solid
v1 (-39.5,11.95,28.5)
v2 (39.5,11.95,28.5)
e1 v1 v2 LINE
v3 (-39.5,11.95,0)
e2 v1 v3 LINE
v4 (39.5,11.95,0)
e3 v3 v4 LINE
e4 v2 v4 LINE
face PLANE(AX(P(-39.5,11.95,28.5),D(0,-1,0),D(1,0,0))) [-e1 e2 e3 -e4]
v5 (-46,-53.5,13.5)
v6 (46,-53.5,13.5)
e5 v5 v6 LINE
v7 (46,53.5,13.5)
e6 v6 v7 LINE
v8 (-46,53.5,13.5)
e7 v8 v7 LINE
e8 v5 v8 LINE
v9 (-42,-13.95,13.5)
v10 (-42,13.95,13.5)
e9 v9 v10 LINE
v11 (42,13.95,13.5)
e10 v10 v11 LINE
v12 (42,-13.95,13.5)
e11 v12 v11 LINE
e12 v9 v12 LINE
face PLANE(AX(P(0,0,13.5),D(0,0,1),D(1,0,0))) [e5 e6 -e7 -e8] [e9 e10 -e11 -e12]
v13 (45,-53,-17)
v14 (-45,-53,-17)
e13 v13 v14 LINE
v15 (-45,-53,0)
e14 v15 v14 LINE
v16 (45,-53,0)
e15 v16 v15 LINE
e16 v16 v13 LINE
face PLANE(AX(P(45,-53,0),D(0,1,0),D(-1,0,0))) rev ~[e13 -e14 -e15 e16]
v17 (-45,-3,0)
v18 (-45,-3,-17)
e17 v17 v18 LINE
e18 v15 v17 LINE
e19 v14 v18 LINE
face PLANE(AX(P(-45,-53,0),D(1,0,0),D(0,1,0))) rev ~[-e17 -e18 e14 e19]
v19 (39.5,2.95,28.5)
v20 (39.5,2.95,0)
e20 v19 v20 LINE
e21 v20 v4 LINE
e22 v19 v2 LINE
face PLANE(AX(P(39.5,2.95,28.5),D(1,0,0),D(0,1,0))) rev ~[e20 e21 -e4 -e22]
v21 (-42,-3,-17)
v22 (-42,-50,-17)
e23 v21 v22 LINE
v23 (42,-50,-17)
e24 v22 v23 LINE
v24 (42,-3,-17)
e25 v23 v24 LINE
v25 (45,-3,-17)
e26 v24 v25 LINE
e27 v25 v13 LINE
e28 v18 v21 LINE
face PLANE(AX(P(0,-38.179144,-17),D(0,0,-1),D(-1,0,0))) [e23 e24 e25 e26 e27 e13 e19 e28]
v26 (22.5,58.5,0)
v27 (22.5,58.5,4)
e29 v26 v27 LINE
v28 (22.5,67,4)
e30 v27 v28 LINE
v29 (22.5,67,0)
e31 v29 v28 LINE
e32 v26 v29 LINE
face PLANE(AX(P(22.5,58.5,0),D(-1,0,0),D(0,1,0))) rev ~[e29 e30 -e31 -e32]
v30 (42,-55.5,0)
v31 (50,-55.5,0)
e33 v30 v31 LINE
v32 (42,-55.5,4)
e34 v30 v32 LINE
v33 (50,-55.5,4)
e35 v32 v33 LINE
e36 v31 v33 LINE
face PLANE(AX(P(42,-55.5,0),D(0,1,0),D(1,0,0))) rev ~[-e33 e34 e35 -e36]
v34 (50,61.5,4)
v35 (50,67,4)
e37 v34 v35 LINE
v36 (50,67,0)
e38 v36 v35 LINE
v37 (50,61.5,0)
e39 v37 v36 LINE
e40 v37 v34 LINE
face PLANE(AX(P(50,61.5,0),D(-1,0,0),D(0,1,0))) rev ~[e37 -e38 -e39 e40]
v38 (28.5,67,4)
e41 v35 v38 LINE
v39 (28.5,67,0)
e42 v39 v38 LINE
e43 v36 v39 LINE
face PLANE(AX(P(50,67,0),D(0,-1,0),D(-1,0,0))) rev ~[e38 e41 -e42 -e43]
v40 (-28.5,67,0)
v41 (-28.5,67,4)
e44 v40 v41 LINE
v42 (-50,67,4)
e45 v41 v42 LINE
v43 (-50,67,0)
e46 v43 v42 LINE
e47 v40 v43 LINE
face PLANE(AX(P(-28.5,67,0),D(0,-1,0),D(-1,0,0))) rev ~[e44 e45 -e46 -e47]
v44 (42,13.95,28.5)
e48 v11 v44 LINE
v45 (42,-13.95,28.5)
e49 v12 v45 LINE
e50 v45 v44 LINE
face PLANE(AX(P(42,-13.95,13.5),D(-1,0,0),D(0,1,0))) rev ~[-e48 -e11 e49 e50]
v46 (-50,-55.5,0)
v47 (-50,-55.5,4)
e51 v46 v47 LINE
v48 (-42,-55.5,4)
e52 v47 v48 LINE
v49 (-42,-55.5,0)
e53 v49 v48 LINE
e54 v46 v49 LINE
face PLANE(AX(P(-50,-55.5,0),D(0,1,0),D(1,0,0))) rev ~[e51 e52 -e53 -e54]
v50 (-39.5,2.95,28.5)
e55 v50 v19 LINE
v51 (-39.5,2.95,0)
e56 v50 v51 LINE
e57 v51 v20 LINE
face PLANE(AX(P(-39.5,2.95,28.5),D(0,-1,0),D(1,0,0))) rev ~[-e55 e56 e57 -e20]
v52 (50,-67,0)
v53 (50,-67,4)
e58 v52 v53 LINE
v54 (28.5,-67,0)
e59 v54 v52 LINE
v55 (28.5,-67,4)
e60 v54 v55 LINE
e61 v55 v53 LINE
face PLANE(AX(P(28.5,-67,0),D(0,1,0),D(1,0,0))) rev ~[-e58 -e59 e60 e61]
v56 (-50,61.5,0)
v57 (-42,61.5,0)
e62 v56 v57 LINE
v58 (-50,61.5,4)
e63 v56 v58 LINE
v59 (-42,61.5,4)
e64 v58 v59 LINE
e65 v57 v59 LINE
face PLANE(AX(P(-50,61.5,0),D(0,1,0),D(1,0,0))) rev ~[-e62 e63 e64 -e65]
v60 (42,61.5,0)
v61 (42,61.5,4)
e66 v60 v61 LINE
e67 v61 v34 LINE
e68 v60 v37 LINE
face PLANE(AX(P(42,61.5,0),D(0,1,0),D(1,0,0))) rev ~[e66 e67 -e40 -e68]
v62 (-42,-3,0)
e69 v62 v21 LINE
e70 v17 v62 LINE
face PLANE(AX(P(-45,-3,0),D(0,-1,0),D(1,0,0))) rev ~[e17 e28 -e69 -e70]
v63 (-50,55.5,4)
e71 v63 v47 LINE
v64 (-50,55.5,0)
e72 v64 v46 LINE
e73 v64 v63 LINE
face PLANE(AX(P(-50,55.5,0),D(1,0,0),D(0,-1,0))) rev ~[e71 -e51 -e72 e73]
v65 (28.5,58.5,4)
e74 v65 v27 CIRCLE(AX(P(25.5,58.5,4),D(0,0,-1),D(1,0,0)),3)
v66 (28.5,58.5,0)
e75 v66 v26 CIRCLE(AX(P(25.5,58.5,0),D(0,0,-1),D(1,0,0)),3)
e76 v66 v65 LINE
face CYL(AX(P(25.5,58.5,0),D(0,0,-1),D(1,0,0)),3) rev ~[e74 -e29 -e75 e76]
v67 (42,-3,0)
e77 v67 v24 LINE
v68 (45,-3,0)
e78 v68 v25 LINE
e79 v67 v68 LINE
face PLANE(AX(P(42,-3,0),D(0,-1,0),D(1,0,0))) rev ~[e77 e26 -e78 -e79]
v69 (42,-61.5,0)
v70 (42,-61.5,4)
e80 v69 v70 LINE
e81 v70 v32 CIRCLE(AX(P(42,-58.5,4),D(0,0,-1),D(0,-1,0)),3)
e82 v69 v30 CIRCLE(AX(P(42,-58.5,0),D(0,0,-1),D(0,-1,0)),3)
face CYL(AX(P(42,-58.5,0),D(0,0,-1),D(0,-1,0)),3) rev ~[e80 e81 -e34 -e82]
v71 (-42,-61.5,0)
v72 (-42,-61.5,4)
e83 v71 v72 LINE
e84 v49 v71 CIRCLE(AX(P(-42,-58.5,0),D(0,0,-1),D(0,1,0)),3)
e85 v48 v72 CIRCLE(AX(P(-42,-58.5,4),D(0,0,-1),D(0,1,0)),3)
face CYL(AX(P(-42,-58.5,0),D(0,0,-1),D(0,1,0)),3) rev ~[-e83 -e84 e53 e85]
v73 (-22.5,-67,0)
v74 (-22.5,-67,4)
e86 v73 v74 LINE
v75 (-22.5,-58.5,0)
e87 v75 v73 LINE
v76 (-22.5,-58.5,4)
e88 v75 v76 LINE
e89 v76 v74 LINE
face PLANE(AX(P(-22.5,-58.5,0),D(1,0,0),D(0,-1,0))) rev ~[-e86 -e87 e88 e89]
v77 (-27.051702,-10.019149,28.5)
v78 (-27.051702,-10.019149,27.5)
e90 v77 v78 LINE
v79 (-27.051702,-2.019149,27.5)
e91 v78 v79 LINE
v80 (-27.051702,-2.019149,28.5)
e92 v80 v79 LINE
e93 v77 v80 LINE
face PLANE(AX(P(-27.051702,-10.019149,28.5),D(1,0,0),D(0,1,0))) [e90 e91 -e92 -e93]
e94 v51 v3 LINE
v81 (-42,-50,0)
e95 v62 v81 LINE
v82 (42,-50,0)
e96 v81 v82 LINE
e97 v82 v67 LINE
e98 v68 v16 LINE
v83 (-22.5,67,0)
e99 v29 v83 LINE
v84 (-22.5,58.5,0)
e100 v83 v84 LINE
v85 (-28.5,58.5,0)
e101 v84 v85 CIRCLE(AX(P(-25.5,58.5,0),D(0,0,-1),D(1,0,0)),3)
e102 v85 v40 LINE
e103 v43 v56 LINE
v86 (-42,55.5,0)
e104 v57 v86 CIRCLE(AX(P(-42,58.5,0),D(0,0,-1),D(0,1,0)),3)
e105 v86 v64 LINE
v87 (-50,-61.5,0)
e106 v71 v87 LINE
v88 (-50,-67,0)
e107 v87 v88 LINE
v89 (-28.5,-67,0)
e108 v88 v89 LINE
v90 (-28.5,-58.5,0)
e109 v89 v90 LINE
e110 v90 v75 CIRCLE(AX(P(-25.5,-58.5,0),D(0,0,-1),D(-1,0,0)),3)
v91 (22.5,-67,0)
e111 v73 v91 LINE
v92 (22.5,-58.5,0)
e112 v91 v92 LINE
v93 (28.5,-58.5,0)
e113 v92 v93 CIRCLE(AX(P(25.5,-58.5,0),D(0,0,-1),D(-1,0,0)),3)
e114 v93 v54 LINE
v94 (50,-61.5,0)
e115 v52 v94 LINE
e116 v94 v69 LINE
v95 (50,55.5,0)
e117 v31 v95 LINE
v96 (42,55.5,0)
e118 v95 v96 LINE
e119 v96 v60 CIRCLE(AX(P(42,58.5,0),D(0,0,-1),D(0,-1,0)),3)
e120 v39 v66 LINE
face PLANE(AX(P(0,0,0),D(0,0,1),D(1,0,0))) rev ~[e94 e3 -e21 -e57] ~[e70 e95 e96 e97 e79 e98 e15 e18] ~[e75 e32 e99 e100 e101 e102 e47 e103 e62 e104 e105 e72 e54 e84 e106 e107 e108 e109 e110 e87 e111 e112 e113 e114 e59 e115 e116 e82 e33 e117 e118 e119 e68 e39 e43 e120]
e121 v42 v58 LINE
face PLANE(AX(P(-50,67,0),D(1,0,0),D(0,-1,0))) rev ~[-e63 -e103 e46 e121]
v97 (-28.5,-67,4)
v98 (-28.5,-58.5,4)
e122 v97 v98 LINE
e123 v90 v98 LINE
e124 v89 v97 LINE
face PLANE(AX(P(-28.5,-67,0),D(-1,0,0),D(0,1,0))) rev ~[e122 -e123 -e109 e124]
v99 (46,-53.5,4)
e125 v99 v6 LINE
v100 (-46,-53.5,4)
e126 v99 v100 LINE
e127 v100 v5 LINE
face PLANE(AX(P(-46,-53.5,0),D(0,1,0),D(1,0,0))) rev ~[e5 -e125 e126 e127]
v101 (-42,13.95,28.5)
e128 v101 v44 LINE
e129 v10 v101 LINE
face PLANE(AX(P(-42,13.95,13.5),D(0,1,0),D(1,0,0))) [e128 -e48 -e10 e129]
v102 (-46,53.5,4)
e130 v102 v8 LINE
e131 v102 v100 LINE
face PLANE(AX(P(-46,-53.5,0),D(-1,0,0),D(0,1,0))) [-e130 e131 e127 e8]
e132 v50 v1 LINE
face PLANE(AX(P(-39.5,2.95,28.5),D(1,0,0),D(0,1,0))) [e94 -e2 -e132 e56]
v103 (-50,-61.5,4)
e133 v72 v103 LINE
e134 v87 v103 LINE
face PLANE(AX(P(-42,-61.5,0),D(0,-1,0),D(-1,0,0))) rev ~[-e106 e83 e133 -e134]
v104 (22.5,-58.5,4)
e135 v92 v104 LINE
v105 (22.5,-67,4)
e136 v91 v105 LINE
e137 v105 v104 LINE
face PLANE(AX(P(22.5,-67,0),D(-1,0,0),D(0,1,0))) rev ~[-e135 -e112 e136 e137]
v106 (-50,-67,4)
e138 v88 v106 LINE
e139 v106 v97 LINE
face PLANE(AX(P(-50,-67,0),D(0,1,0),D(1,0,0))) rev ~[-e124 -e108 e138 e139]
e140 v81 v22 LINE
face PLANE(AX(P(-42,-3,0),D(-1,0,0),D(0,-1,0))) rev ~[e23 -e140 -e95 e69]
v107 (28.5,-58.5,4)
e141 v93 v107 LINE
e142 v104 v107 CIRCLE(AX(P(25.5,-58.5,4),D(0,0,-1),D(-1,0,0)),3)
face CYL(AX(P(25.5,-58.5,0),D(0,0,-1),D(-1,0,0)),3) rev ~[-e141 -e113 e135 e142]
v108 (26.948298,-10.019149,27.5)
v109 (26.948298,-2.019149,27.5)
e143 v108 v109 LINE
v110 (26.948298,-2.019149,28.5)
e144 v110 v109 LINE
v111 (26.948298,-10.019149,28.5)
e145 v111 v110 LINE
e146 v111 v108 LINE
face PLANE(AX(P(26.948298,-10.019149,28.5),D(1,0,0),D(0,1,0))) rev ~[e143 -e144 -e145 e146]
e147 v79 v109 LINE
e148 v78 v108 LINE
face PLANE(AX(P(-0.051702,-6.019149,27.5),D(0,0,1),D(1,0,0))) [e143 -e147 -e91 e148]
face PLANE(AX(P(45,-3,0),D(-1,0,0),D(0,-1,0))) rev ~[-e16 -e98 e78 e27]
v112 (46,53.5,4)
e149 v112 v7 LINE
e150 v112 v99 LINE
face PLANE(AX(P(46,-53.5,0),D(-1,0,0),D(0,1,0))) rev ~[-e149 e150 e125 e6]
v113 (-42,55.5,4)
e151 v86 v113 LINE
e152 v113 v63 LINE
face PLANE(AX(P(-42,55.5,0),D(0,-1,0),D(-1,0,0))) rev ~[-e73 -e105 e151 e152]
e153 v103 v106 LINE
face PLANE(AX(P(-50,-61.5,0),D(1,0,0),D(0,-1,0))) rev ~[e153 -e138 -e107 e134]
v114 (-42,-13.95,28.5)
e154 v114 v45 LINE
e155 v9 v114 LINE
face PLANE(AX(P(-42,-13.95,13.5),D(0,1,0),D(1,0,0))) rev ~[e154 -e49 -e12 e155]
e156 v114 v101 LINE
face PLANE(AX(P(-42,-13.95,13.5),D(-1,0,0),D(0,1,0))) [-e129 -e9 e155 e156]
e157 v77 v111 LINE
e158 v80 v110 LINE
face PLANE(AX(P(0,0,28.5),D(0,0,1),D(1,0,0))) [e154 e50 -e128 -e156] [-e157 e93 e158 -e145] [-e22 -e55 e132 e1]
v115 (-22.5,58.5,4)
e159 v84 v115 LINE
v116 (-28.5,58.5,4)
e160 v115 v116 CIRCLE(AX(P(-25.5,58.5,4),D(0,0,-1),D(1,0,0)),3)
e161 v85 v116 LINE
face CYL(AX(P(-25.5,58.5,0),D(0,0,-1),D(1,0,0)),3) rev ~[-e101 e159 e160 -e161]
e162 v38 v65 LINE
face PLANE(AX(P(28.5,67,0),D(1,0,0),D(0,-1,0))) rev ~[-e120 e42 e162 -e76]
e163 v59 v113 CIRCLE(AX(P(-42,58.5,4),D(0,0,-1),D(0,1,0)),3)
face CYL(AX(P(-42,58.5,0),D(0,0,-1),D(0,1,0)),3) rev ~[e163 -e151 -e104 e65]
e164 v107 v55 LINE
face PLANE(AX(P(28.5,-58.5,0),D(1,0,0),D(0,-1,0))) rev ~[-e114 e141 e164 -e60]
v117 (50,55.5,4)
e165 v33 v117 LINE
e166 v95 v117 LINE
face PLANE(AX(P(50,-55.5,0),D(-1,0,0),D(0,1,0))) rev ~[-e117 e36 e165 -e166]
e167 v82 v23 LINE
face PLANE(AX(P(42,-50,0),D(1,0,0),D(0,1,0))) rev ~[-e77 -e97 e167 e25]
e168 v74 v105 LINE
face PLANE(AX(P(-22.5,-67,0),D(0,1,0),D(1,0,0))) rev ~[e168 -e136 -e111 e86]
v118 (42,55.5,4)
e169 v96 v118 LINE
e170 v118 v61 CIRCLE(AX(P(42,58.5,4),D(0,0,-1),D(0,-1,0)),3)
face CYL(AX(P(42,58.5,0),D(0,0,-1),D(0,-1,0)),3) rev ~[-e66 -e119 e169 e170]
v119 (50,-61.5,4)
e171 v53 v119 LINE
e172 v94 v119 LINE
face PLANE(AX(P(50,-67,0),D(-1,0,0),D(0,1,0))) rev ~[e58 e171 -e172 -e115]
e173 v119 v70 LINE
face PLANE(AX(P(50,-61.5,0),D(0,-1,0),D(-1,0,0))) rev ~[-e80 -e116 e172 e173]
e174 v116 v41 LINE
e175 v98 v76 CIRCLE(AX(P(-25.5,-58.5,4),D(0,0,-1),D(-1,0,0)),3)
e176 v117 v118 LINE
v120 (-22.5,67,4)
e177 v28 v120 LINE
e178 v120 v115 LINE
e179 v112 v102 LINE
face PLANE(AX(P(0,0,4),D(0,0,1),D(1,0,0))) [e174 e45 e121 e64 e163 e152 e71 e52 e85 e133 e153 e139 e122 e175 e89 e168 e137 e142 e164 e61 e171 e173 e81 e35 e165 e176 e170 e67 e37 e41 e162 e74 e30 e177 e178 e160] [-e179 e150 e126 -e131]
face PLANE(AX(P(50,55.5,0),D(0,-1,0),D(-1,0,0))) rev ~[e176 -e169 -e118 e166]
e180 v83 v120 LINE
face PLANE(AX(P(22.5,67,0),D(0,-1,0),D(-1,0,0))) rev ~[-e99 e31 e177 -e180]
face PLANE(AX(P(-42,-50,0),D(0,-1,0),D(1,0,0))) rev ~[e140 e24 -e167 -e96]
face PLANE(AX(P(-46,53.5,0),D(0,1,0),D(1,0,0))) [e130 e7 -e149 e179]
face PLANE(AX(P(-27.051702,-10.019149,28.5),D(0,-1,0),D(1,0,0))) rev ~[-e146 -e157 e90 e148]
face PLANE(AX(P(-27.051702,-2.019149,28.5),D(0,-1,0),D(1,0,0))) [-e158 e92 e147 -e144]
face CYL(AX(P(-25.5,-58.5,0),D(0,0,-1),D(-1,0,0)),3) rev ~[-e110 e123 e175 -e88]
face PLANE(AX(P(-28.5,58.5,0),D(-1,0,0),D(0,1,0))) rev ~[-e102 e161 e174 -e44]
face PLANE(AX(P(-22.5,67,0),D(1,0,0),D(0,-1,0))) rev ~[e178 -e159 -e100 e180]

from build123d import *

# Parameters (mm, degrees)
BOSS_EXTRUDE1_DEPTH = 4
SKETCH2_W           = 92
SKETCH2_H           = 107
BOSS_EXTRUDE2_DEPTH = 13.5
SKETCH3_W           = 84
SKETCH3_H           = 27.9
BOSS_EXTRUDE3_DEPTH = 15
SKETCH4_W           = 79
SKETCH4_H           = 9
CUT_EXTRUDE1_DEPTH  = 89.324685111
SKETCH5_W           = 54
SKETCH5_H           = 8
CUT_EXTRUDE2_DEPTH  = 1
BOSS_EXTRUDE4_DEPTH = 17


with BuildPart() as part:
    # Sketch1 → Boss-Extrude1 (new body)
    with BuildSketch(Plane.XY):
        with BuildLine():
            Line((22.5, 58.5), (22.5, 67))
            Line((22.5, 67), (-22.5, 67))
            Line((-22.5, 67), (-22.5, 58.5))
            ThreePointArc((-22.5, 58.5), (-25.5, 55.5), (-28.5, 58.5))
            Line((-28.5, 58.5), (-28.5, 67))
            Line((-28.5, 67), (-50, 67))
            Line((-50, 67), (-50, 61.5))
            Line((-50, 61.5), (-42, 61.5))
            ThreePointArc((-42, 61.5), (-39, 58.5), (-42, 55.5))
            Line((-42, 55.5), (-50, 55.5))
            Line((-50, 55.5), (-50, -55.5))
            Line((-50, -55.5), (-42, -55.5))
            ThreePointArc((-42, -55.5), (-39, -58.5), (-42, -61.5))
            Line((-42, -61.5), (-50, -61.5))
            Line((-50, -61.5), (-50, -67))
            Line((-50, -67), (-28.5, -67))
            Line((-28.5, -67), (-28.5, -58.5))
            ThreePointArc((-28.5, -58.5), (-25.5, -55.5), (-22.5, -58.5))
            Line((-22.5, -58.5), (-22.5, -67))
            Line((-22.5, -67), (22.5, -67))
            Line((22.5, -67), (22.5, -58.5))
            ThreePointArc((22.5, -58.5), (25.5, -55.5), (28.5, -58.5))
            Line((28.5, -58.5), (28.5, -67))
            Line((28.5, -67), (50, -67))
            Line((50, -67), (50, -61.5))
            Line((50, -61.5), (42, -61.5))
            ThreePointArc((42, -61.5), (39, -58.5), (42, -55.5))
            Line((42, -55.5), (50, -55.5))
            Line((50, -55.5), (50, 55.5))
            Line((50, 55.5), (42, 55.5))
            ThreePointArc((42, 55.5), (39, 58.5), (42, 61.5))
            Line((42, 61.5), (50, 61.5))
            Line((50, 61.5), (50, 67))
            Line((50, 67), (28.5, 67))
            Line((28.5, 67), (28.5, 58.5))
            ThreePointArc((28.5, 58.5), (25.5, 55.5), (22.5, 58.5))
        make_face()
    extrude(amount=BOSS_EXTRUDE1_DEPTH)

    # Sketch2 → Boss-Extrude2 (add)
    with BuildSketch(Plane.XY):
        Rectangle(SKETCH2_W, SKETCH2_H)
    extrude(amount=BOSS_EXTRUDE2_DEPTH)

    # Sketch3 → Boss-Extrude3 (add)
    with BuildSketch(Plane.XY.offset(13.5)):
        Rectangle(SKETCH3_W, SKETCH3_H)
    extrude(amount=BOSS_EXTRUDE3_DEPTH)

    # Sketch4 → Cut-Extrude1 (cut, through all)
    with BuildSketch(Plane.XY.offset(28.5)):
        with Locations((0, 7.45)):
            Rectangle(SKETCH4_W, SKETCH4_H)
    extrude(amount=-CUT_EXTRUDE1_DEPTH, mode=Mode.SUBTRACT)

    # Sketch5 → Cut-Extrude2 (cut)
    with BuildSketch(Plane.XY.offset(28.5)):
        with Locations((-0.051701633, -6.019148753)):
            Rectangle(SKETCH5_W, SKETCH5_H)
    extrude(amount=-CUT_EXTRUDE2_DEPTH, mode=Mode.SUBTRACT)

    # Sketch6 → Boss-Extrude4 (add)
    with BuildSketch(Plane(origin=(0, 0, 0), x_dir=(-1, 0, 0), z_dir=(0, 0, -1))):
        Polygon((-45, -53), (45, -53), (45, -3), (42, -3), (42, -50), (-42, -50), (-42, -3), (-45, -3), align=None)
    extrude(amount=BOSS_EXTRUDE4_DEPTH)


solid = part.part
